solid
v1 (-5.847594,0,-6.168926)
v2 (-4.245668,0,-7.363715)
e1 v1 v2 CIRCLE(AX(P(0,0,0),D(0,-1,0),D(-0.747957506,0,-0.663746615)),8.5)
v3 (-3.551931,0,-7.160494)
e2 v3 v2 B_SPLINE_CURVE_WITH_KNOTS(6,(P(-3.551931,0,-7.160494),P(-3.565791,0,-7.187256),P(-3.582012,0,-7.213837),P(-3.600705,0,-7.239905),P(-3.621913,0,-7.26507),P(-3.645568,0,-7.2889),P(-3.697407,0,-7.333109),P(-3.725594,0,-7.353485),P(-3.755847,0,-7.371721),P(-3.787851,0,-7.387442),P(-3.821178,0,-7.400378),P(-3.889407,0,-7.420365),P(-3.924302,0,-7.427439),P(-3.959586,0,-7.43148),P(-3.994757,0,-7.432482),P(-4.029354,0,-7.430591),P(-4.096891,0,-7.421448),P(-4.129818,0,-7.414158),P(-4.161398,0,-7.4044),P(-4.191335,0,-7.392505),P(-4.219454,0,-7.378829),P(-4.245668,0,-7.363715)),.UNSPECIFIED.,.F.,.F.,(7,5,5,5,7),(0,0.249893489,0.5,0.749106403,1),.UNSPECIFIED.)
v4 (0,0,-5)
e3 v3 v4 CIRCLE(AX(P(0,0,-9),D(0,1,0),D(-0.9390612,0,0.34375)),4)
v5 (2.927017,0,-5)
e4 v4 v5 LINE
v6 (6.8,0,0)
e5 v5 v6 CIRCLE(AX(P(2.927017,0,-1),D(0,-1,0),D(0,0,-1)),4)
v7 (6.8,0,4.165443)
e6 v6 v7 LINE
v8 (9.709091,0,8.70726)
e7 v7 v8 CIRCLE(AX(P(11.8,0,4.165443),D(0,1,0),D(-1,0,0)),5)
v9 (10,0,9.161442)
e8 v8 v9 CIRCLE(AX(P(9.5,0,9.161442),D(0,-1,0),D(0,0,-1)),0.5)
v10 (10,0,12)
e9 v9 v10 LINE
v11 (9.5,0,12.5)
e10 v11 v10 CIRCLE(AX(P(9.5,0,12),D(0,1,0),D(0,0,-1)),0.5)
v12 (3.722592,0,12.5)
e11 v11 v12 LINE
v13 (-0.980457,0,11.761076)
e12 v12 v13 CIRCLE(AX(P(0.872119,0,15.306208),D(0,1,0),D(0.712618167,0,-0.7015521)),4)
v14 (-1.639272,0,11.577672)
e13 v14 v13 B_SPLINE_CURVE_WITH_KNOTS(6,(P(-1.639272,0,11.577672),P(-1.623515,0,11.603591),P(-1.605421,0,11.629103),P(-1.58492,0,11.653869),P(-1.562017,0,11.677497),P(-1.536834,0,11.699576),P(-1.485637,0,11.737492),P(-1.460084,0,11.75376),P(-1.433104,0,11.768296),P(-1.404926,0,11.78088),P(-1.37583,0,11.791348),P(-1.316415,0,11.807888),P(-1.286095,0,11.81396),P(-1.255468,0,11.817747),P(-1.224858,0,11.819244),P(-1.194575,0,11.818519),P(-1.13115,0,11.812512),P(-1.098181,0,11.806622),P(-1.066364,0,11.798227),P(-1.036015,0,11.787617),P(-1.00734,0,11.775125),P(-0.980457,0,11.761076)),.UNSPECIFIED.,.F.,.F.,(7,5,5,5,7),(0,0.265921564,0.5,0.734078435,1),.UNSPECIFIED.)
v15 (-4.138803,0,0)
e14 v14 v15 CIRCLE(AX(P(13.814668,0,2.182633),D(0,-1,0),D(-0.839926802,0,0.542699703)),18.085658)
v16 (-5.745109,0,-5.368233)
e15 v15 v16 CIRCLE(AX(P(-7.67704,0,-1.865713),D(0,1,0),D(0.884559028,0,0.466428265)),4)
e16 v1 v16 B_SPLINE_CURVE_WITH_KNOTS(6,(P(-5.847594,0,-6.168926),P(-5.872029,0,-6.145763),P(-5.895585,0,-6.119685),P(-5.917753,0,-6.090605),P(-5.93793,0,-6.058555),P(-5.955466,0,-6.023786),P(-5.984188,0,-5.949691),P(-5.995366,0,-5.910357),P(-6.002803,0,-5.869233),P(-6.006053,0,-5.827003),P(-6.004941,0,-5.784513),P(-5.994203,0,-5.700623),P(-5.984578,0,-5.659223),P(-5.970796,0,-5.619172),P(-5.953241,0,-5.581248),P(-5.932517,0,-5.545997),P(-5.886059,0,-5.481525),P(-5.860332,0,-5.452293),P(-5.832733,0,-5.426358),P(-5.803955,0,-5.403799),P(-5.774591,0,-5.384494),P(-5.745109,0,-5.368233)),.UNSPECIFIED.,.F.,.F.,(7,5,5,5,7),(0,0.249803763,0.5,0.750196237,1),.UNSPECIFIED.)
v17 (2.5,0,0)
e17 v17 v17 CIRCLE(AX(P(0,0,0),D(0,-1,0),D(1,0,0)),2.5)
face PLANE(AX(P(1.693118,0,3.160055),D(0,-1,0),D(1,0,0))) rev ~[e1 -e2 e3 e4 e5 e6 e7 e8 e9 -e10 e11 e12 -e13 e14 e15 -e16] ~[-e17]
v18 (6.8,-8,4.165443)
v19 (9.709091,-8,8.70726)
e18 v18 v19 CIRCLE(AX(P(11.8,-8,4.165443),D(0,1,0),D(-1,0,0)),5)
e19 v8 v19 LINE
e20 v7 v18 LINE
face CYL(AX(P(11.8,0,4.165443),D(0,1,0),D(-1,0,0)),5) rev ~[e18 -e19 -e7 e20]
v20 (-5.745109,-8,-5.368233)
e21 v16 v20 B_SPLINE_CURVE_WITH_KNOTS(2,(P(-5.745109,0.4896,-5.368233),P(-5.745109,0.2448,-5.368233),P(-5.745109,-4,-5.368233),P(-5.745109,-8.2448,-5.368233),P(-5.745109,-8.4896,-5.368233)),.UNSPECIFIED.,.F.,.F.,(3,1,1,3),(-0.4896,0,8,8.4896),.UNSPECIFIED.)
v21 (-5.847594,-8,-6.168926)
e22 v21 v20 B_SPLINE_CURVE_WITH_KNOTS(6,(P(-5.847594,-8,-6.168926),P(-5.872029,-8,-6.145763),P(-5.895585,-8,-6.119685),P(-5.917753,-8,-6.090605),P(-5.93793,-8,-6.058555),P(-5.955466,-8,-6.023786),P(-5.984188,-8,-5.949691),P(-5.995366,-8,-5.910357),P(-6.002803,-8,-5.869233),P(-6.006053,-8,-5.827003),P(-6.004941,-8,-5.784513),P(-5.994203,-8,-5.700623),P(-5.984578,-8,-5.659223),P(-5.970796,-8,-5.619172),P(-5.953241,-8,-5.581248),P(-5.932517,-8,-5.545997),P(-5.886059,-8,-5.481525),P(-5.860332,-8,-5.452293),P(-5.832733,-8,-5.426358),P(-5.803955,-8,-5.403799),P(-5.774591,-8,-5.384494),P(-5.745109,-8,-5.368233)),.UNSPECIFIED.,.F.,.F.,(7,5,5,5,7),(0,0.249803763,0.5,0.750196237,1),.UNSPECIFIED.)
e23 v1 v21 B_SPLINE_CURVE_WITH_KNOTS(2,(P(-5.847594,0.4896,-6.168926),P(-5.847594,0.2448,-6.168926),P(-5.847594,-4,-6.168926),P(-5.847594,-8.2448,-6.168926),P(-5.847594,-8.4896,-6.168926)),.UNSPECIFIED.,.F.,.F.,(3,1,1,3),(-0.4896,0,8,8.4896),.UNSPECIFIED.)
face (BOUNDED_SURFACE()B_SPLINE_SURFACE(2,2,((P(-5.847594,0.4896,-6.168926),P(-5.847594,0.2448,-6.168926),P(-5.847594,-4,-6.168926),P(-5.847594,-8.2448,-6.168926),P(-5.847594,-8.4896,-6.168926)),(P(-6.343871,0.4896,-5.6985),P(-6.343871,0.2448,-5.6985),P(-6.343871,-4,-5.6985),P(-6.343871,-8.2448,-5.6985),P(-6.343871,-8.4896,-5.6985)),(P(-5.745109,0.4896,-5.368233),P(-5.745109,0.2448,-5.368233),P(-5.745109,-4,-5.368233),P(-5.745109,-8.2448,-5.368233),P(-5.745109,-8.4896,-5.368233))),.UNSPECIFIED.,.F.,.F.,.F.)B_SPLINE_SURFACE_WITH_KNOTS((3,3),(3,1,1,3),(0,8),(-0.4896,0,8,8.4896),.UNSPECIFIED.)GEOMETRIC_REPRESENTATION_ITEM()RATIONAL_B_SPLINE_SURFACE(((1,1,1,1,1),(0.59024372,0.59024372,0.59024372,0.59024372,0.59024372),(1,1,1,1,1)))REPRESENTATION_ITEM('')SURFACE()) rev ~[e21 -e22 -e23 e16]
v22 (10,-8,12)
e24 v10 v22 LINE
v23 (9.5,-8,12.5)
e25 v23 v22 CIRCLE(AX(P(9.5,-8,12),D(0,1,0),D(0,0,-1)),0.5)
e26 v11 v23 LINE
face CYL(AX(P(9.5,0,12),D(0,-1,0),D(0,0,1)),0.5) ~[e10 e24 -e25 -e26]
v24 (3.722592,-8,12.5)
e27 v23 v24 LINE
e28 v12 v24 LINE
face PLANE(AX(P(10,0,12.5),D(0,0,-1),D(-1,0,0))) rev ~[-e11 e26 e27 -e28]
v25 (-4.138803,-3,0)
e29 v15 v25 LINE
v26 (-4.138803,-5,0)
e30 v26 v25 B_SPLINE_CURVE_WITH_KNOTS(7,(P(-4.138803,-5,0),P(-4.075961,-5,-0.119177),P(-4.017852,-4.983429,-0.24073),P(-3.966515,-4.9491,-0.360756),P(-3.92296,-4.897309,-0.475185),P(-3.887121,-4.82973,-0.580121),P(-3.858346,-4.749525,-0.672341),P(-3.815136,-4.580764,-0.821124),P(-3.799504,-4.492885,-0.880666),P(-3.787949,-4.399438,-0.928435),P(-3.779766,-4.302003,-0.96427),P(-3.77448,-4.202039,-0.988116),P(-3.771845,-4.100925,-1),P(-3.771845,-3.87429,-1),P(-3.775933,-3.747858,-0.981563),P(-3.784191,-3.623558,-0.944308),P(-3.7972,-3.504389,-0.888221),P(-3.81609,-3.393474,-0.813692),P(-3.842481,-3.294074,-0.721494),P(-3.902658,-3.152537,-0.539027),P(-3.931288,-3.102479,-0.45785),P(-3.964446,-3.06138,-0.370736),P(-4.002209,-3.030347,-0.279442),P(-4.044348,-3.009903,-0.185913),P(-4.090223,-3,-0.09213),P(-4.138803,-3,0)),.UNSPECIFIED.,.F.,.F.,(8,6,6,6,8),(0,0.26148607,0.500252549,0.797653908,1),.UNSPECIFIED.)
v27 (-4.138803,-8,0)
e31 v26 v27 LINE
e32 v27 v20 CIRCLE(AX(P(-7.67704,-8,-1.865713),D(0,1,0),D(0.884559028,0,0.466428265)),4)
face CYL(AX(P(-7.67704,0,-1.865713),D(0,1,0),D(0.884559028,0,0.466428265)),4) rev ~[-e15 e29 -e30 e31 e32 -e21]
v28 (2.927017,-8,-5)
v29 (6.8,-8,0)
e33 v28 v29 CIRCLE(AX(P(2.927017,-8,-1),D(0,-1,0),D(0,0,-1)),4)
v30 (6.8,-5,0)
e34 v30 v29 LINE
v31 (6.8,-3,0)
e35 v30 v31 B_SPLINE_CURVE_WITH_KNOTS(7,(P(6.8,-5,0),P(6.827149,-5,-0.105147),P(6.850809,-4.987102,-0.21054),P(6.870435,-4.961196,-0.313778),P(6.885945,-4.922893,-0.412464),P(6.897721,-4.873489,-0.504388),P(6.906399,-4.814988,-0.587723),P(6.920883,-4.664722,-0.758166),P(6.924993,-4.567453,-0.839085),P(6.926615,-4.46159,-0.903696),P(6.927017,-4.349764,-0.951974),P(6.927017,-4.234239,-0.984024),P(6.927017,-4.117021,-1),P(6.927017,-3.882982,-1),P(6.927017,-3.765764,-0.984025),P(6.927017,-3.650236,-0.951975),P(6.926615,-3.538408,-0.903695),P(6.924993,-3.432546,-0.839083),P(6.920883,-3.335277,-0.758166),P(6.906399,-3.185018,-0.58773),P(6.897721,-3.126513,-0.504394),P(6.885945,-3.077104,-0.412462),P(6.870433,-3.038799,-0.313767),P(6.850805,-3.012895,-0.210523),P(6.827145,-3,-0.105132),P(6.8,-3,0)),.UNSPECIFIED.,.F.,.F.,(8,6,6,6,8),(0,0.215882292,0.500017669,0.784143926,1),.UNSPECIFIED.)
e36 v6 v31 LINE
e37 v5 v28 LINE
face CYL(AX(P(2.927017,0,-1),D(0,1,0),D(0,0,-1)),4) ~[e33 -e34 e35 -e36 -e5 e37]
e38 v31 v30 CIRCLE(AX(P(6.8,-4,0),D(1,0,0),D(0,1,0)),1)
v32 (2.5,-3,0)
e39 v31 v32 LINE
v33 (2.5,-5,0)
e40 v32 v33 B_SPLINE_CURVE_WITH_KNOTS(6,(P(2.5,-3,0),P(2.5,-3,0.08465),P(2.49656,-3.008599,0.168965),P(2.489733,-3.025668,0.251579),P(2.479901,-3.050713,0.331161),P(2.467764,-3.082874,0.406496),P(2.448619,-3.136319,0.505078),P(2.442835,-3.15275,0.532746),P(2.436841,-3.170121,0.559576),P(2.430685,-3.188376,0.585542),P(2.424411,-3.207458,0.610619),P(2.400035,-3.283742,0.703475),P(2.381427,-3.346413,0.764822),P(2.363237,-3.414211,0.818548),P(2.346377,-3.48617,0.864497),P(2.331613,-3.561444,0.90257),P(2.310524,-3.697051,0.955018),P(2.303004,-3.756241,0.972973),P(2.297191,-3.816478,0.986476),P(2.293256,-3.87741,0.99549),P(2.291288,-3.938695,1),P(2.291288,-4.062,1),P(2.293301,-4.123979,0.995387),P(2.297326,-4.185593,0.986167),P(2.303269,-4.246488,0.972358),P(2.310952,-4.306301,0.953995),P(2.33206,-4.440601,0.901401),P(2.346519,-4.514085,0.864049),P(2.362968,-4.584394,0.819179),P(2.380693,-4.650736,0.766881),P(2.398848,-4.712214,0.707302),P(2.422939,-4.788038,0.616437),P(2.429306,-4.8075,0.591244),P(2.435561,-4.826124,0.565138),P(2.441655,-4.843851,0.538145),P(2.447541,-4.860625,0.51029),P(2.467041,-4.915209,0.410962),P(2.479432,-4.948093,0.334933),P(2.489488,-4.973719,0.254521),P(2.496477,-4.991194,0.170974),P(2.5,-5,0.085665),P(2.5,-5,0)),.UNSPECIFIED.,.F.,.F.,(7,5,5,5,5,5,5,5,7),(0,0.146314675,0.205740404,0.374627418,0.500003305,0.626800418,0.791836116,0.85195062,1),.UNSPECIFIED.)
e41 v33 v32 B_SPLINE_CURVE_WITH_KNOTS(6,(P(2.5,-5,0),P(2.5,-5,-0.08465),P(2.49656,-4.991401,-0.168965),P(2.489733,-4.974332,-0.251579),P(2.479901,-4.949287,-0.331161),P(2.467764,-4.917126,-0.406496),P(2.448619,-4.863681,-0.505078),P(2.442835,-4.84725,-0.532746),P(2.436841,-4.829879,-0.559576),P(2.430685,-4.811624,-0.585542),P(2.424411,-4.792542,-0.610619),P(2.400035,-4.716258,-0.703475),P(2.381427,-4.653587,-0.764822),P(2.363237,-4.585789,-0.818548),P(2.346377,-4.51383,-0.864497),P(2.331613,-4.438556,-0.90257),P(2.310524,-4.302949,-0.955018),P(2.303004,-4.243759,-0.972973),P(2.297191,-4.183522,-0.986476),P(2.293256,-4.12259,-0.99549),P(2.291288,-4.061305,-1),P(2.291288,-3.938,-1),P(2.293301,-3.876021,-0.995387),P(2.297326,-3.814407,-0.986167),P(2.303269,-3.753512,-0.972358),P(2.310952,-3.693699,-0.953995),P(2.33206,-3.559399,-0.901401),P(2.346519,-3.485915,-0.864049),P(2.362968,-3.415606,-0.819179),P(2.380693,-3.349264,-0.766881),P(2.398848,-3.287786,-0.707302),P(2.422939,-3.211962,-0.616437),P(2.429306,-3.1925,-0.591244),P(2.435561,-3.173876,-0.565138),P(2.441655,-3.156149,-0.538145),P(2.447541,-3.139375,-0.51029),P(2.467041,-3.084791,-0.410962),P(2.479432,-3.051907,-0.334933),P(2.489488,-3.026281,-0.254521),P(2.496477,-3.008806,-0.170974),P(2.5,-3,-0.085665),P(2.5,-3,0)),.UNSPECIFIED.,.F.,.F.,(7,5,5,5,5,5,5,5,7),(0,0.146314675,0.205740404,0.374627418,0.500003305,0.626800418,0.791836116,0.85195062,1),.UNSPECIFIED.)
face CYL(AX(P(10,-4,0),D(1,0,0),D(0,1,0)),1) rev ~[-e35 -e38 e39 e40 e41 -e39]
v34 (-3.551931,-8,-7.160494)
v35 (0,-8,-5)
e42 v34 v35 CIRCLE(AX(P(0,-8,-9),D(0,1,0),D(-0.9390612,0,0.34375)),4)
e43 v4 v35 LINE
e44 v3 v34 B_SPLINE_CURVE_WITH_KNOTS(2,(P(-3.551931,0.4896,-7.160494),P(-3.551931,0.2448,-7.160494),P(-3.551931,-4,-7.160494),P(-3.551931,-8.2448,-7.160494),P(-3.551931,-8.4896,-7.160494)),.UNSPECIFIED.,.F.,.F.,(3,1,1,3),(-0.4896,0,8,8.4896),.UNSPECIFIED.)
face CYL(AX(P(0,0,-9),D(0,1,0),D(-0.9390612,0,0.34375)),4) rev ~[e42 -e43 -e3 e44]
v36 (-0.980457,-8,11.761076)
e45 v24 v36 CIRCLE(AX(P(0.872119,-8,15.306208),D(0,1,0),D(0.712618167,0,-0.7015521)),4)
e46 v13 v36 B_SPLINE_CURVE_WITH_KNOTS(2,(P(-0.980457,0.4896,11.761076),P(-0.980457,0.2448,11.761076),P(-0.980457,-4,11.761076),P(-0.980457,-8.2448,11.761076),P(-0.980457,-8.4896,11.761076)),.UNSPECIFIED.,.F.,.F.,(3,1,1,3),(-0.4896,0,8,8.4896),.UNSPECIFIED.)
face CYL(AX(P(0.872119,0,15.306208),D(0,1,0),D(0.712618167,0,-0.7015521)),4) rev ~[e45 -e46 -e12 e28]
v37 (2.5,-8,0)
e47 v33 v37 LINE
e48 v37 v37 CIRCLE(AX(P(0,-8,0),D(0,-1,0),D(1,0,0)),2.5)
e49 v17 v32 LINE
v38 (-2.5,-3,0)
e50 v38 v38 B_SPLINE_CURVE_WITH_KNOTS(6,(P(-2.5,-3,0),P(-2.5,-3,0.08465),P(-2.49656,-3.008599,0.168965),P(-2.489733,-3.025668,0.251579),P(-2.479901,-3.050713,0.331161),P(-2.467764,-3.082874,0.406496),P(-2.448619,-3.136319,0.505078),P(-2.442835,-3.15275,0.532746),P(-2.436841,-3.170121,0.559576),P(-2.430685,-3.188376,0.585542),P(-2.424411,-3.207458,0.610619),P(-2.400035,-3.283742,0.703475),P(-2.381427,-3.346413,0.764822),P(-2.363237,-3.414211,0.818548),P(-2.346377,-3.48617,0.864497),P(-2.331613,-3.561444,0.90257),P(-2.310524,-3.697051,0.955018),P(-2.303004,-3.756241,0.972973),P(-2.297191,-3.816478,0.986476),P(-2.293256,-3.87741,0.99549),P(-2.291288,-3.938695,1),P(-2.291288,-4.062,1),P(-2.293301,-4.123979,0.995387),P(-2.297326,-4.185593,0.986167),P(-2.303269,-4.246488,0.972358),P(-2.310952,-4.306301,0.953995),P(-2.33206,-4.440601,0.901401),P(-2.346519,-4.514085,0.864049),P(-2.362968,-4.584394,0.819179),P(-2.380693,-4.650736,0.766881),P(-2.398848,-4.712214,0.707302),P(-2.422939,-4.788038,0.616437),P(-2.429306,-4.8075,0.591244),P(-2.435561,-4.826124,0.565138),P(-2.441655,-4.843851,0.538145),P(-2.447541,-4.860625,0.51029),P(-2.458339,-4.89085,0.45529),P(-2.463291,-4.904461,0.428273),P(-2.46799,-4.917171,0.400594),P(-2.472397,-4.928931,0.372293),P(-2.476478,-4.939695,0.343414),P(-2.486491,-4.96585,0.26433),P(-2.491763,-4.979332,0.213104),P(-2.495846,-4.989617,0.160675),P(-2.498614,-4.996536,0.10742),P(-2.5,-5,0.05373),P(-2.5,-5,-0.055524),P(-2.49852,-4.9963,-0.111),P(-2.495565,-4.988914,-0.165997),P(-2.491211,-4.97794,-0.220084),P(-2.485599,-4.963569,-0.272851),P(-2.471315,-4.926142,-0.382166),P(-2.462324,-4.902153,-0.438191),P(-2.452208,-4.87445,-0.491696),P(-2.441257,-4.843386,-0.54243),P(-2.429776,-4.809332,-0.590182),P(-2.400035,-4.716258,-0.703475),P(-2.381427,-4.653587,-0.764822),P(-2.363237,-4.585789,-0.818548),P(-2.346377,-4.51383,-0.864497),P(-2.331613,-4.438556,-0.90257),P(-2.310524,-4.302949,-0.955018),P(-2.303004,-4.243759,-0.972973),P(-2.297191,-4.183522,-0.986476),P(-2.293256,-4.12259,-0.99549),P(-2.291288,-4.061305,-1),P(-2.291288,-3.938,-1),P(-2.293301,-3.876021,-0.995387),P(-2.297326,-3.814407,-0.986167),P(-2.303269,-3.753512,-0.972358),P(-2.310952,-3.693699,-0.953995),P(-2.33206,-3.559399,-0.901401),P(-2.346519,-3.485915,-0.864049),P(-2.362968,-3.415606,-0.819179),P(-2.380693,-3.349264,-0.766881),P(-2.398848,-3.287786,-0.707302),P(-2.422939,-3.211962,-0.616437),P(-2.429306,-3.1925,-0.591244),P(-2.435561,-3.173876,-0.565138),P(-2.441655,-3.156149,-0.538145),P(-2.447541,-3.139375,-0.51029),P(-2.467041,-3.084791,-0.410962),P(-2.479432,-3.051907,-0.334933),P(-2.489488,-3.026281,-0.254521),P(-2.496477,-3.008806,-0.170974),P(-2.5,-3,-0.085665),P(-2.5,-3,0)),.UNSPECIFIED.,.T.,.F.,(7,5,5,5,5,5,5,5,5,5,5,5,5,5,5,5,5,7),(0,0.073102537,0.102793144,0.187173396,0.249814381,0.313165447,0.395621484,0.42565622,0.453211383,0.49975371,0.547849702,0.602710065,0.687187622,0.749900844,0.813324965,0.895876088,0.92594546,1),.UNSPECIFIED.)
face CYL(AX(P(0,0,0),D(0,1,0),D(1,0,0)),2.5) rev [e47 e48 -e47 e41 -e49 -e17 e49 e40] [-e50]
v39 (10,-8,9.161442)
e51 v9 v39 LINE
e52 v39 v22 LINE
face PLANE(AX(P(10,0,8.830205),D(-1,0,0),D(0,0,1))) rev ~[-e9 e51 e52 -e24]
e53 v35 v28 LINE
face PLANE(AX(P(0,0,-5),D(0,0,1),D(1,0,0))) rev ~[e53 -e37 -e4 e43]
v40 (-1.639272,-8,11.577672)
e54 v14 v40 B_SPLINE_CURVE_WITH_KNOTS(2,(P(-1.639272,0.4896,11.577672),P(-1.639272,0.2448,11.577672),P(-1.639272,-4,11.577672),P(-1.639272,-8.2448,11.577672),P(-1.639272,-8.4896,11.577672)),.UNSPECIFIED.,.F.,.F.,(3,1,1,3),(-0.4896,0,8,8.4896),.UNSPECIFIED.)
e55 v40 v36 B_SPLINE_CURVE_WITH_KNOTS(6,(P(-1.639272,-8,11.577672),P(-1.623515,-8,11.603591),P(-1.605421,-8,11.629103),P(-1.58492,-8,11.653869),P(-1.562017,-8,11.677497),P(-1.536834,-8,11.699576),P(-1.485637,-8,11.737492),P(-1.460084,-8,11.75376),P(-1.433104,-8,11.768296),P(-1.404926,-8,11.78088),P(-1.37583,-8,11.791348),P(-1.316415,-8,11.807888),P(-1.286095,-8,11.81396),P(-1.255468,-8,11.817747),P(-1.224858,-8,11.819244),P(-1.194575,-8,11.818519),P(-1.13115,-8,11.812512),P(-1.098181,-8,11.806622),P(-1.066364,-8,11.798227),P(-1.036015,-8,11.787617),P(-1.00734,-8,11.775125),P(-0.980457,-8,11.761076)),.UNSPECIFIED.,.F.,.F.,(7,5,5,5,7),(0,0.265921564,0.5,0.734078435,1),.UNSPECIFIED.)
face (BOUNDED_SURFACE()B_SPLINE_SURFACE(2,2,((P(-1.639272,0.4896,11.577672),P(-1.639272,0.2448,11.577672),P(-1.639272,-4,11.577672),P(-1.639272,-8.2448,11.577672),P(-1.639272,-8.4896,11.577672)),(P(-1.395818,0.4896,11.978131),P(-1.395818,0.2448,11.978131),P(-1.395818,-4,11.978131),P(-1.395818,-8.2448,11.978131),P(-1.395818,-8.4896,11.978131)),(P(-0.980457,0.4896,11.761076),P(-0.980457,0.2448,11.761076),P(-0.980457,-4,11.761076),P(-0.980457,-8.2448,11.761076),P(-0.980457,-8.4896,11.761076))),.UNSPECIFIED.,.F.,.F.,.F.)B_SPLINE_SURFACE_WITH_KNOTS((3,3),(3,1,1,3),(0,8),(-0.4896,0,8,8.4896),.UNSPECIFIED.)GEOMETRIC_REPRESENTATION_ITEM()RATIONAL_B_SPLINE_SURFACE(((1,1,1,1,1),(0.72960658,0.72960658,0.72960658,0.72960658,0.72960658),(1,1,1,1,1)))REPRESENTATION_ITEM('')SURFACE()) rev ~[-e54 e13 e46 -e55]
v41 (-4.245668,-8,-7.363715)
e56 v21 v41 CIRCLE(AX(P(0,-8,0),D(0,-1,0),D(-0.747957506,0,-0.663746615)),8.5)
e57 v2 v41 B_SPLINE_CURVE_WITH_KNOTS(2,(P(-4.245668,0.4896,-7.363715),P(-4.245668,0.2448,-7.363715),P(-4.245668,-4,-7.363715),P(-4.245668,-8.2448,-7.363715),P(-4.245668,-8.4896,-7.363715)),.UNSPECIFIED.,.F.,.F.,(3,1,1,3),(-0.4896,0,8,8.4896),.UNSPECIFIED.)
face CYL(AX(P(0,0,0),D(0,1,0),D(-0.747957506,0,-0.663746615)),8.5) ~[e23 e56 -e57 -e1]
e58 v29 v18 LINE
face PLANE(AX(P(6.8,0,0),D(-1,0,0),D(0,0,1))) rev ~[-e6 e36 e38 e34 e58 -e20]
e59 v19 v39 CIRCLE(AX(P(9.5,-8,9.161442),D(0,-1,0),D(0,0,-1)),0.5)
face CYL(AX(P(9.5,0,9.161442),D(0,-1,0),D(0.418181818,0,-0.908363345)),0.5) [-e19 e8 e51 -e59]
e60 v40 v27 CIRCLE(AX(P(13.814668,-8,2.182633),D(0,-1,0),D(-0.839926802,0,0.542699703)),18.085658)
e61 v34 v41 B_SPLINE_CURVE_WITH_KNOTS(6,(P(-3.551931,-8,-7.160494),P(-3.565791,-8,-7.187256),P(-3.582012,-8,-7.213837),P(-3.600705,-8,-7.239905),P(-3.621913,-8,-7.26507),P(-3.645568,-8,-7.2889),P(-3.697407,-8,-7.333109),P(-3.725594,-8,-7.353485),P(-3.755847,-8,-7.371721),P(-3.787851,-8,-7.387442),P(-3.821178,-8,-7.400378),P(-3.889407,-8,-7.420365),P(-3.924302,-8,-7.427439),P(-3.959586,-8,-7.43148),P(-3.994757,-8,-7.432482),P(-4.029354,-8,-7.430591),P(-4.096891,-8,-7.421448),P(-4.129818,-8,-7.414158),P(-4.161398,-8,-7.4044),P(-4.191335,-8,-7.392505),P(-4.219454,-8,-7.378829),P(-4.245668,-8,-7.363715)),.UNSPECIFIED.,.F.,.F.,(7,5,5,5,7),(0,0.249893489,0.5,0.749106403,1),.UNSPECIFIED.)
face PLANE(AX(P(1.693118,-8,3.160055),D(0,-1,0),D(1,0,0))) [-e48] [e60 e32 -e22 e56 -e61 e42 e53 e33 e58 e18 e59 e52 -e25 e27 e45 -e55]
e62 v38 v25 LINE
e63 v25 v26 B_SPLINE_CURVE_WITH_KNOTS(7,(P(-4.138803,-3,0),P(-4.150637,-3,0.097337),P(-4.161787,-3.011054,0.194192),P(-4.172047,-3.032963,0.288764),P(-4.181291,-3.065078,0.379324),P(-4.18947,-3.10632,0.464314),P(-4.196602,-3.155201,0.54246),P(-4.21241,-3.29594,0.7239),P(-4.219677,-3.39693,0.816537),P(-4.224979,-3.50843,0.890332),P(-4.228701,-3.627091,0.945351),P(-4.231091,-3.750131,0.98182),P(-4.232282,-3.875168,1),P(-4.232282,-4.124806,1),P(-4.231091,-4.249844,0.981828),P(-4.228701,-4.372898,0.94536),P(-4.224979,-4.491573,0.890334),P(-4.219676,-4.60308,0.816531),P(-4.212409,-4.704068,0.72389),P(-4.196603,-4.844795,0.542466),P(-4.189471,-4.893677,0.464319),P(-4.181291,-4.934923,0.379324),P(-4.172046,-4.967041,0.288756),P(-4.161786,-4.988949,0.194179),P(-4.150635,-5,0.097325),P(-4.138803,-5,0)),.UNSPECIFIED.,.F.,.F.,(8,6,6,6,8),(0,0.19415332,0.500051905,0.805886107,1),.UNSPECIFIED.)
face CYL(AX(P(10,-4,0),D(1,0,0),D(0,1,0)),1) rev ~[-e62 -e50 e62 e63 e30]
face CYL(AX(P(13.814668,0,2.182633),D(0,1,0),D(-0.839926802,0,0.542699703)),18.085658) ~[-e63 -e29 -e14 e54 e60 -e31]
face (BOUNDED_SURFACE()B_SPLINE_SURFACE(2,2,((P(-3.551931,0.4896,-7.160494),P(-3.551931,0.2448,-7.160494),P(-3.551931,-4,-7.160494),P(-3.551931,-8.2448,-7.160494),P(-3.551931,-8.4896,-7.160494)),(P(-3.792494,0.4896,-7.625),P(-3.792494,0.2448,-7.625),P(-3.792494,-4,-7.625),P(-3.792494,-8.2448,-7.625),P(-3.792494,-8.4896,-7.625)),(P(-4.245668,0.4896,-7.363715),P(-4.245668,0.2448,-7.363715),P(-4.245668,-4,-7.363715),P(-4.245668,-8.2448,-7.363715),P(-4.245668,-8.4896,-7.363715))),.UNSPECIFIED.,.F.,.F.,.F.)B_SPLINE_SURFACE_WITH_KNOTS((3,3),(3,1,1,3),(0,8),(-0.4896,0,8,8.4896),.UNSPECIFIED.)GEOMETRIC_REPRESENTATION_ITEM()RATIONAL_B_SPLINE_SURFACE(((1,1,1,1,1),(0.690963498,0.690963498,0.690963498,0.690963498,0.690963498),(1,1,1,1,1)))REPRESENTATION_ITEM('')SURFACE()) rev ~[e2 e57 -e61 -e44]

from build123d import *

# Parameters (mm, degrees)
F0_R     = 2.5
F1_DEPTH = 8
F2_R     = 0.5
F4_R     = 1
F5_DEPTH = 16.0046179008


with BuildPart() as f1:
    # F0 (on Front) → F1 (new body)
    with BuildSketch(Plane.XZ):
        with BuildLine():
            ThreePointArc((-3.7562448003, -7.625), (-2.2912878475, -5.7212807378), (0, -5))
            Line((0, -5), (2.9270166538, -5))
            ThreePointArc((2.9270166538, -5), (6.089294314, -3.4494897428), (6.8, 0))
            Line((6.8, 0), (6.8, 4.1654431261))
            ThreePointArc((6.8, 4.1654431261), (7.6768943744, 6.9938702509), (10, 8.830204642))
            Line((10, 8.830204642), (10, 12.5))
            Line((10, 12.5), (3.7225915585, 12.5))
            ThreePointArc((3.7225915585, 12.5), (1.2642823664, 11.3254788413), (-1.3759608742, 11.9977136707))
            ThreePointArc((-1.3759608742, 11.9977136707), (-3.8097222151, 6.2411904989), (-4.1388034343, 0))
            ThreePointArc((-4.1388034343, 0), (-3.9545717948, -3.3296918319), (-6.3576388045, -5.6418462255))
            ThreePointArc((-6.3576388045, -5.6418462255), (-5.1532402541, -6.7597422202), (-3.7562448003, -7.625))
        make_face()
        Circle(F0_R, mode=Mode.SUBTRACT)
    extrude(amount=F1_DEPTH)

    # F2
    f2_edges = [f1.edges().sort_by_distance(p)[0] for p in [
        (10, -4, 12.5),
        (-1.375961, -4, 11.997714),
        (-6.357639, -4, -5.641846),
        (-3.756245, -4, -7.625),
        (10, -4, 8.830205),
    ]]
    fillet(f2_edges, radius=F2_R)

    # F4 (on face) → F5 (cut, through all)
    with BuildSketch(Plane.YZ.offset(10)):
        with Locations((-4, 0)):
            Circle(F4_R)
    extrude(amount=-F5_DEPTH, mode=Mode.SUBTRACT)


solid = f1.part
